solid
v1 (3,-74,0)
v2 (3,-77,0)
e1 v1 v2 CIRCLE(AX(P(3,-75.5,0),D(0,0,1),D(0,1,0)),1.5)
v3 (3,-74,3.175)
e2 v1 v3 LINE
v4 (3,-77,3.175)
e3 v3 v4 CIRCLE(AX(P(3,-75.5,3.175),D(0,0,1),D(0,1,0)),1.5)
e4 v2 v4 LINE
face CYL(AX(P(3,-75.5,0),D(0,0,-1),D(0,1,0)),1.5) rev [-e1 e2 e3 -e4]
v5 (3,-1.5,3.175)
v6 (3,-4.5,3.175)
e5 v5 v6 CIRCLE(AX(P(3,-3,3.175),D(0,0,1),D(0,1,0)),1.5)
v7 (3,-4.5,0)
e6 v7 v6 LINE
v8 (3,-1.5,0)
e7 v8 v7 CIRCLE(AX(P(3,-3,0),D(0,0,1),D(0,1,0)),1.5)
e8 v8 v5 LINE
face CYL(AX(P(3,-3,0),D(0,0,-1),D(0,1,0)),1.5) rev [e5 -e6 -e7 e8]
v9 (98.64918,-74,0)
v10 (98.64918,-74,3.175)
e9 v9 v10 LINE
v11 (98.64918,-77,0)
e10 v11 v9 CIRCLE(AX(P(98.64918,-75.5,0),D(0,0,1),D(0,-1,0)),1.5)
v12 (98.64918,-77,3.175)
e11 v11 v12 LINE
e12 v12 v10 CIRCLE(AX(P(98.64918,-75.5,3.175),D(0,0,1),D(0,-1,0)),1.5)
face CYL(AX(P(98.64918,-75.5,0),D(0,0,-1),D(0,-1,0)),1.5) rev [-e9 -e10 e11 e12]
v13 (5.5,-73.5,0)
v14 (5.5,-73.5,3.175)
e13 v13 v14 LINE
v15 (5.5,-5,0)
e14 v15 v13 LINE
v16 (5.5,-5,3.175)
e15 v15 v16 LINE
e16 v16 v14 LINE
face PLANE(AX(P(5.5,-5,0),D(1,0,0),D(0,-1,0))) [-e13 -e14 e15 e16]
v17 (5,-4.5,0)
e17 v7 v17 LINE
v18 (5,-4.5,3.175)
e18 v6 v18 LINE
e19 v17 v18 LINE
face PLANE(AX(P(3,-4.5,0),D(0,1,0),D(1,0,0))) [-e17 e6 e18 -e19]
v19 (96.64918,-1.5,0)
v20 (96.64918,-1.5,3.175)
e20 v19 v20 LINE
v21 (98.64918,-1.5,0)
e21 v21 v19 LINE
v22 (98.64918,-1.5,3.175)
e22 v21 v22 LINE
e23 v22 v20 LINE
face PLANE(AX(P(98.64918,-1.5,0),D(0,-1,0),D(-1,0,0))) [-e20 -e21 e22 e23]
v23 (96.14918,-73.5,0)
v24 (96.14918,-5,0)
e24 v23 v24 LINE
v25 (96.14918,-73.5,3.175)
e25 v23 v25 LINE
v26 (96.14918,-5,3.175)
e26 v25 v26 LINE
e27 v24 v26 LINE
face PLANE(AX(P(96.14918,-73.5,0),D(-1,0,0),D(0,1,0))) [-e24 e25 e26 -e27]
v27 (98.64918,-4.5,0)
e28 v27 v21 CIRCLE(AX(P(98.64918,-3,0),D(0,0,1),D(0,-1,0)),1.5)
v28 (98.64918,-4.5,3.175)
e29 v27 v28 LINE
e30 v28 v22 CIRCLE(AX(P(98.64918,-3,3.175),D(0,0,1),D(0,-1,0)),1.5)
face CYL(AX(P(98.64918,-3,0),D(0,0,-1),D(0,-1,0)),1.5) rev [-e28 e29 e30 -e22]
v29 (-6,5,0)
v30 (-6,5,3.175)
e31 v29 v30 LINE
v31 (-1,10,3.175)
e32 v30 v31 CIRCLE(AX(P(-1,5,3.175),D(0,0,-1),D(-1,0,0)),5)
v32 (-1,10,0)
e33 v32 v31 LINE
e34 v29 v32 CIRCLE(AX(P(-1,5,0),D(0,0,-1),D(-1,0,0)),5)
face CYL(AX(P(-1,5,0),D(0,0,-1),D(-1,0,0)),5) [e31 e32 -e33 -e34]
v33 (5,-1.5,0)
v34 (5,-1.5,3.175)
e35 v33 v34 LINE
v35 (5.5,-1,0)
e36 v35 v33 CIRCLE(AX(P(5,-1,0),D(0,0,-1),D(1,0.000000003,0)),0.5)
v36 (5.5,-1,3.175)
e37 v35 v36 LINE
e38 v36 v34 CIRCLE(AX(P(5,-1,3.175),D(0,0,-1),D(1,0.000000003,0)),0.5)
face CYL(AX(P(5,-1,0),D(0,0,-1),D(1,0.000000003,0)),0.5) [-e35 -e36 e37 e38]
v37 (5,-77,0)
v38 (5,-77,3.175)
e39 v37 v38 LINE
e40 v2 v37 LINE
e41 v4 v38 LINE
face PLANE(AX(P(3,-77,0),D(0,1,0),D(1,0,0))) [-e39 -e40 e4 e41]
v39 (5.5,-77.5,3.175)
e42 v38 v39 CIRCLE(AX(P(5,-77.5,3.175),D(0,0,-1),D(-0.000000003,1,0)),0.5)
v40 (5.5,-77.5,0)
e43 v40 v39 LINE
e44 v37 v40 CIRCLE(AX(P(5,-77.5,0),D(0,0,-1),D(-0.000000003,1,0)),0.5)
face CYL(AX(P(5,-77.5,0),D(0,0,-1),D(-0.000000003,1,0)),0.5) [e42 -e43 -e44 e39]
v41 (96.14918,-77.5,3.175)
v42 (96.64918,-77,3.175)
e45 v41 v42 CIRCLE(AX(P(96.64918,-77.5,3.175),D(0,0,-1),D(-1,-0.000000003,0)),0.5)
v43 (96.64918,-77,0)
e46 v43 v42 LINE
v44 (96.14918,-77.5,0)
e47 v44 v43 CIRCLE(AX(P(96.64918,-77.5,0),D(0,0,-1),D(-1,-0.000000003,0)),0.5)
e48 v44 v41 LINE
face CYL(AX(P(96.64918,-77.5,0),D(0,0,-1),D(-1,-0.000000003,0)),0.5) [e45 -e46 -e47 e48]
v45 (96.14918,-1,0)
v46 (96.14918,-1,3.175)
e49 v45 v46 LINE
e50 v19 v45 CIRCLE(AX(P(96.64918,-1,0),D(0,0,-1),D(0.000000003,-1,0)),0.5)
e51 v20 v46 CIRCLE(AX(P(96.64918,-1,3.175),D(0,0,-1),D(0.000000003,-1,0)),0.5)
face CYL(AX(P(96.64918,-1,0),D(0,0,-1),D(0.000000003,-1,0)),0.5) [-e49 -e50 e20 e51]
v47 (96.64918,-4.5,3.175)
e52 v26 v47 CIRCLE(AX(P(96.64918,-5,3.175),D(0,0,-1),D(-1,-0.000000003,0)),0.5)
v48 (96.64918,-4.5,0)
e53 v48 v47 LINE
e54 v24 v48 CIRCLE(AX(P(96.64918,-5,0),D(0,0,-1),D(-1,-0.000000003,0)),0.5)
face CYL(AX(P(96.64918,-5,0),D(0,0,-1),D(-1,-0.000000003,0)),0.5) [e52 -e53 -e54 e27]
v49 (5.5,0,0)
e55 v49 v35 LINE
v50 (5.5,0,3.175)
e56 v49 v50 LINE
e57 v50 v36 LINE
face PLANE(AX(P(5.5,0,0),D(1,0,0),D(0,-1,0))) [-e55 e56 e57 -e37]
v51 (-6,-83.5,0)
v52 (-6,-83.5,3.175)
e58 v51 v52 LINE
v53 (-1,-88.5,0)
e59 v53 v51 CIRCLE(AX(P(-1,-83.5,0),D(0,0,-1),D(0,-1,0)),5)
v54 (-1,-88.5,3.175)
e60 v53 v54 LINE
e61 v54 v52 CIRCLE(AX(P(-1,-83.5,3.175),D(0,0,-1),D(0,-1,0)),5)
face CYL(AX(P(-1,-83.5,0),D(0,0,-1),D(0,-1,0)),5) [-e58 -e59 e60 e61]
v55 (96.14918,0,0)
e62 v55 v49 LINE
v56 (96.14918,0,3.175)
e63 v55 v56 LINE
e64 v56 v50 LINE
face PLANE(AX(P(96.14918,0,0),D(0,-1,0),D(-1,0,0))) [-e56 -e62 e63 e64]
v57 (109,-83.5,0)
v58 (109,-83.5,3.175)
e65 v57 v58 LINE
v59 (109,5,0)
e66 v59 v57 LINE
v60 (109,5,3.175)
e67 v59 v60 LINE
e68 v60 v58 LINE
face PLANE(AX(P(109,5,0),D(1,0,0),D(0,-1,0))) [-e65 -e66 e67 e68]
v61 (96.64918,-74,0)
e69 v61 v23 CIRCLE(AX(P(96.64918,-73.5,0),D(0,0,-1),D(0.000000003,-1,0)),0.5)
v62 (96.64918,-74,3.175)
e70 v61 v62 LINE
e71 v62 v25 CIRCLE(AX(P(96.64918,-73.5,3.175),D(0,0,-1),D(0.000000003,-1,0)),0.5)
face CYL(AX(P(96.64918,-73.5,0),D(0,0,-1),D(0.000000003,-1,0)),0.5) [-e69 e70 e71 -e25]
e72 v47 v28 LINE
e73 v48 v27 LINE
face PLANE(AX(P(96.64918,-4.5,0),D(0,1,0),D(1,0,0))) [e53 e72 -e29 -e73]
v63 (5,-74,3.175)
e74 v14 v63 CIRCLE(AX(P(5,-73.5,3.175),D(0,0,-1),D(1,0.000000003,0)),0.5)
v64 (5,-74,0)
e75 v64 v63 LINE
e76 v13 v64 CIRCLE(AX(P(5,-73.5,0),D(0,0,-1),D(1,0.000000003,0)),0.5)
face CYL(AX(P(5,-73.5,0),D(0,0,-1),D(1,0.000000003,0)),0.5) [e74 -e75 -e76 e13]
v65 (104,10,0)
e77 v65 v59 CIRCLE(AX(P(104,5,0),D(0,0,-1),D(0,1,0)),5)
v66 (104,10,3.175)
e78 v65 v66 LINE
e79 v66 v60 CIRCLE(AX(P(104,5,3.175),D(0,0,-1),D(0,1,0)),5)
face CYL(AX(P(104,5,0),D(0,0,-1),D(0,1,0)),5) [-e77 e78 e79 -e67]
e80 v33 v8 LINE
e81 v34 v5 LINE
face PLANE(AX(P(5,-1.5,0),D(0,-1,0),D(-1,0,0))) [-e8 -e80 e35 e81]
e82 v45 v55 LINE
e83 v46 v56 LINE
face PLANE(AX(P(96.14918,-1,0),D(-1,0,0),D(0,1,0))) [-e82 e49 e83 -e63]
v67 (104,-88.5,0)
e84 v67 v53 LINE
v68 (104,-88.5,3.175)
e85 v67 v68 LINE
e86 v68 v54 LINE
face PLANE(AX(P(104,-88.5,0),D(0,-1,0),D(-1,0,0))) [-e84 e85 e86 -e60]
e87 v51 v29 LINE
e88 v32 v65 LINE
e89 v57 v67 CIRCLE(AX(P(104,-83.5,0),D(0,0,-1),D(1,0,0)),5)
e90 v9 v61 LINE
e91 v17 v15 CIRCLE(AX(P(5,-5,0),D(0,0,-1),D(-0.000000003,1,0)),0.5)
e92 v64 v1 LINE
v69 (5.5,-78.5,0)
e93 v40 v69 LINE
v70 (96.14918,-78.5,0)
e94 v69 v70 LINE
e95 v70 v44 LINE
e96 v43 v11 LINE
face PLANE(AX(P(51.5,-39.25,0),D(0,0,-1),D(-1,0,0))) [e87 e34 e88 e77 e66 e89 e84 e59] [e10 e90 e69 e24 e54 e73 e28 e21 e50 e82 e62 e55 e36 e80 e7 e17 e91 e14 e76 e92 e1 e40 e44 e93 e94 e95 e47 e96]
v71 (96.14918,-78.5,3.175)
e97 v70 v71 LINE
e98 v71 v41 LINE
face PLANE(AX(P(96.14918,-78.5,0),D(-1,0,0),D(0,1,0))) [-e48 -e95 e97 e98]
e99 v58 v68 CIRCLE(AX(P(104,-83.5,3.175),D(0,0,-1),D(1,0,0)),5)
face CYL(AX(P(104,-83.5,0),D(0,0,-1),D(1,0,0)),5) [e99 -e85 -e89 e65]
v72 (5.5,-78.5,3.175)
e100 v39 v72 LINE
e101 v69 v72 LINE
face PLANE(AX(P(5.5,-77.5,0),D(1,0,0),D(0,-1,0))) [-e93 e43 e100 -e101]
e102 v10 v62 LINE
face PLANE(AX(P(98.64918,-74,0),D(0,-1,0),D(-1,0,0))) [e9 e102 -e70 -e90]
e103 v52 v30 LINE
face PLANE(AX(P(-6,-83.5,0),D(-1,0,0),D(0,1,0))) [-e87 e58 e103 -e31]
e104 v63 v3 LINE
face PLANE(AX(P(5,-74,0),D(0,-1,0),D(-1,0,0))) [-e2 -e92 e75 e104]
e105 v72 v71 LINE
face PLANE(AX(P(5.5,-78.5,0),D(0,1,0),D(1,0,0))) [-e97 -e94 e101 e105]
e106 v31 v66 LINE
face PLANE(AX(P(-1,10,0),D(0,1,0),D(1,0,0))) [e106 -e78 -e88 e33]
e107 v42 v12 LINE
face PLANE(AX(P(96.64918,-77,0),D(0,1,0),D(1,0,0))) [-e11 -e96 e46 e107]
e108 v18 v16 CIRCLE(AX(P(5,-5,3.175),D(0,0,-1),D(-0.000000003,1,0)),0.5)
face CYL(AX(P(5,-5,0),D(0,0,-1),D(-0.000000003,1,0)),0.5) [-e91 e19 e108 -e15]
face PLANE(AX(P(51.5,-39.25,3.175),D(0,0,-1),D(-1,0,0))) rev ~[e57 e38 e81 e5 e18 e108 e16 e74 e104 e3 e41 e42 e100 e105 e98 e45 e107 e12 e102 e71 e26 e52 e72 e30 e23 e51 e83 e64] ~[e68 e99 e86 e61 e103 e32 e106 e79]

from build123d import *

# Parameters (mm, degrees)
BOSS_EXTRUDE1_DEPTH = 3.175


with BuildPart() as part:
    # Sketch2 → Boss-Extrude1 (new body)
    with BuildSketch(Plane.XY):
        with BuildLine():
            Line((-1, 10), (104, 10))
            ThreePointArc((104, 10), (107.535533906, 8.535533906), (109, 5))
            Line((109, 5), (109, -83.5))
            ThreePointArc((109, -83.5), (107.535533906, -87.035533906), (104, -88.5))
            Line((104, -88.5), (-1, -88.5))
            ThreePointArc((-1, -88.5), (-4.535533906, -87.035533906), (-6, -83.5))
            Line((-6, -83.5), (-6, 5))
            ThreePointArc((-6, 5), (-4.535533906, 8.535533906), (-1, 10))
        make_face()
        with BuildLine():
            Line((5.5, 0), (5.5, -1))
            ThreePointArc((5.5, -1), (5.353553391, -1.353553391), (5, -1.5))
            Line((5, -1.5), (3, -1.5))
            ThreePointArc((3, -1.5), (1.5, -3), (3, -4.5))
            Line((3, -4.5), (5, -4.5))
            ThreePointArc((5, -4.5), (5.353553391, -4.646446609), (5.5, -5))
            Line((5.5, -5), (5.5, -73.5))
            ThreePointArc((5.5, -73.5), (5.353553391, -73.853553391), (5, -74))
            Line((5, -74), (3, -74))
            ThreePointArc((3, -74), (1.5, -75.5), (3, -77))
            Line((3, -77), (5, -77))
            ThreePointArc((5, -77), (5.353553391, -77.146446609), (5.5, -77.5))
            Line((5.5, -77.5), (5.5, -78.5))
            Line((5.5, -78.5), (96.149180328, -78.5))
            Line((96.149180328, -78.5), (96.149180328, -77.5))
            ThreePointArc((96.149180328, -77.5), (96.295626937, -77.146446609), (96.649180328, -77))
            Line((96.649180328, -77), (98.649180328, -77))
            ThreePointArc((98.649180328, -77), (100.149180328, -75.5), (98.649180328, -74))
            Line((98.649180328, -74), (96.649180328, -74))
            ThreePointArc((96.649180328, -74), (96.295626937, -73.853553391), (96.149180328, -73.5))
            Line((96.149180328, -73.5), (96.149180328, -5))
            ThreePointArc((96.149180328, -5), (96.295626937, -4.646446609), (96.649180328, -4.5))
            Line((96.649180328, -4.5), (98.649180328, -4.5))
            ThreePointArc((98.649180328, -4.5), (100.149180328, -3), (98.649180328, -1.5))
            Line((98.649180328, -1.5), (96.649180328, -1.5))
            ThreePointArc((96.649180328, -1.5), (96.295626937, -1.353553391), (96.149180328, -1))
            Line((96.149180328, -1), (96.149180328, 0))
            Line((96.149180328, 0), (5.5, 0))
        make_face(mode=Mode.SUBTRACT)
    extrude(amount=BOSS_EXTRUDE1_DEPTH)


solid = part.part
